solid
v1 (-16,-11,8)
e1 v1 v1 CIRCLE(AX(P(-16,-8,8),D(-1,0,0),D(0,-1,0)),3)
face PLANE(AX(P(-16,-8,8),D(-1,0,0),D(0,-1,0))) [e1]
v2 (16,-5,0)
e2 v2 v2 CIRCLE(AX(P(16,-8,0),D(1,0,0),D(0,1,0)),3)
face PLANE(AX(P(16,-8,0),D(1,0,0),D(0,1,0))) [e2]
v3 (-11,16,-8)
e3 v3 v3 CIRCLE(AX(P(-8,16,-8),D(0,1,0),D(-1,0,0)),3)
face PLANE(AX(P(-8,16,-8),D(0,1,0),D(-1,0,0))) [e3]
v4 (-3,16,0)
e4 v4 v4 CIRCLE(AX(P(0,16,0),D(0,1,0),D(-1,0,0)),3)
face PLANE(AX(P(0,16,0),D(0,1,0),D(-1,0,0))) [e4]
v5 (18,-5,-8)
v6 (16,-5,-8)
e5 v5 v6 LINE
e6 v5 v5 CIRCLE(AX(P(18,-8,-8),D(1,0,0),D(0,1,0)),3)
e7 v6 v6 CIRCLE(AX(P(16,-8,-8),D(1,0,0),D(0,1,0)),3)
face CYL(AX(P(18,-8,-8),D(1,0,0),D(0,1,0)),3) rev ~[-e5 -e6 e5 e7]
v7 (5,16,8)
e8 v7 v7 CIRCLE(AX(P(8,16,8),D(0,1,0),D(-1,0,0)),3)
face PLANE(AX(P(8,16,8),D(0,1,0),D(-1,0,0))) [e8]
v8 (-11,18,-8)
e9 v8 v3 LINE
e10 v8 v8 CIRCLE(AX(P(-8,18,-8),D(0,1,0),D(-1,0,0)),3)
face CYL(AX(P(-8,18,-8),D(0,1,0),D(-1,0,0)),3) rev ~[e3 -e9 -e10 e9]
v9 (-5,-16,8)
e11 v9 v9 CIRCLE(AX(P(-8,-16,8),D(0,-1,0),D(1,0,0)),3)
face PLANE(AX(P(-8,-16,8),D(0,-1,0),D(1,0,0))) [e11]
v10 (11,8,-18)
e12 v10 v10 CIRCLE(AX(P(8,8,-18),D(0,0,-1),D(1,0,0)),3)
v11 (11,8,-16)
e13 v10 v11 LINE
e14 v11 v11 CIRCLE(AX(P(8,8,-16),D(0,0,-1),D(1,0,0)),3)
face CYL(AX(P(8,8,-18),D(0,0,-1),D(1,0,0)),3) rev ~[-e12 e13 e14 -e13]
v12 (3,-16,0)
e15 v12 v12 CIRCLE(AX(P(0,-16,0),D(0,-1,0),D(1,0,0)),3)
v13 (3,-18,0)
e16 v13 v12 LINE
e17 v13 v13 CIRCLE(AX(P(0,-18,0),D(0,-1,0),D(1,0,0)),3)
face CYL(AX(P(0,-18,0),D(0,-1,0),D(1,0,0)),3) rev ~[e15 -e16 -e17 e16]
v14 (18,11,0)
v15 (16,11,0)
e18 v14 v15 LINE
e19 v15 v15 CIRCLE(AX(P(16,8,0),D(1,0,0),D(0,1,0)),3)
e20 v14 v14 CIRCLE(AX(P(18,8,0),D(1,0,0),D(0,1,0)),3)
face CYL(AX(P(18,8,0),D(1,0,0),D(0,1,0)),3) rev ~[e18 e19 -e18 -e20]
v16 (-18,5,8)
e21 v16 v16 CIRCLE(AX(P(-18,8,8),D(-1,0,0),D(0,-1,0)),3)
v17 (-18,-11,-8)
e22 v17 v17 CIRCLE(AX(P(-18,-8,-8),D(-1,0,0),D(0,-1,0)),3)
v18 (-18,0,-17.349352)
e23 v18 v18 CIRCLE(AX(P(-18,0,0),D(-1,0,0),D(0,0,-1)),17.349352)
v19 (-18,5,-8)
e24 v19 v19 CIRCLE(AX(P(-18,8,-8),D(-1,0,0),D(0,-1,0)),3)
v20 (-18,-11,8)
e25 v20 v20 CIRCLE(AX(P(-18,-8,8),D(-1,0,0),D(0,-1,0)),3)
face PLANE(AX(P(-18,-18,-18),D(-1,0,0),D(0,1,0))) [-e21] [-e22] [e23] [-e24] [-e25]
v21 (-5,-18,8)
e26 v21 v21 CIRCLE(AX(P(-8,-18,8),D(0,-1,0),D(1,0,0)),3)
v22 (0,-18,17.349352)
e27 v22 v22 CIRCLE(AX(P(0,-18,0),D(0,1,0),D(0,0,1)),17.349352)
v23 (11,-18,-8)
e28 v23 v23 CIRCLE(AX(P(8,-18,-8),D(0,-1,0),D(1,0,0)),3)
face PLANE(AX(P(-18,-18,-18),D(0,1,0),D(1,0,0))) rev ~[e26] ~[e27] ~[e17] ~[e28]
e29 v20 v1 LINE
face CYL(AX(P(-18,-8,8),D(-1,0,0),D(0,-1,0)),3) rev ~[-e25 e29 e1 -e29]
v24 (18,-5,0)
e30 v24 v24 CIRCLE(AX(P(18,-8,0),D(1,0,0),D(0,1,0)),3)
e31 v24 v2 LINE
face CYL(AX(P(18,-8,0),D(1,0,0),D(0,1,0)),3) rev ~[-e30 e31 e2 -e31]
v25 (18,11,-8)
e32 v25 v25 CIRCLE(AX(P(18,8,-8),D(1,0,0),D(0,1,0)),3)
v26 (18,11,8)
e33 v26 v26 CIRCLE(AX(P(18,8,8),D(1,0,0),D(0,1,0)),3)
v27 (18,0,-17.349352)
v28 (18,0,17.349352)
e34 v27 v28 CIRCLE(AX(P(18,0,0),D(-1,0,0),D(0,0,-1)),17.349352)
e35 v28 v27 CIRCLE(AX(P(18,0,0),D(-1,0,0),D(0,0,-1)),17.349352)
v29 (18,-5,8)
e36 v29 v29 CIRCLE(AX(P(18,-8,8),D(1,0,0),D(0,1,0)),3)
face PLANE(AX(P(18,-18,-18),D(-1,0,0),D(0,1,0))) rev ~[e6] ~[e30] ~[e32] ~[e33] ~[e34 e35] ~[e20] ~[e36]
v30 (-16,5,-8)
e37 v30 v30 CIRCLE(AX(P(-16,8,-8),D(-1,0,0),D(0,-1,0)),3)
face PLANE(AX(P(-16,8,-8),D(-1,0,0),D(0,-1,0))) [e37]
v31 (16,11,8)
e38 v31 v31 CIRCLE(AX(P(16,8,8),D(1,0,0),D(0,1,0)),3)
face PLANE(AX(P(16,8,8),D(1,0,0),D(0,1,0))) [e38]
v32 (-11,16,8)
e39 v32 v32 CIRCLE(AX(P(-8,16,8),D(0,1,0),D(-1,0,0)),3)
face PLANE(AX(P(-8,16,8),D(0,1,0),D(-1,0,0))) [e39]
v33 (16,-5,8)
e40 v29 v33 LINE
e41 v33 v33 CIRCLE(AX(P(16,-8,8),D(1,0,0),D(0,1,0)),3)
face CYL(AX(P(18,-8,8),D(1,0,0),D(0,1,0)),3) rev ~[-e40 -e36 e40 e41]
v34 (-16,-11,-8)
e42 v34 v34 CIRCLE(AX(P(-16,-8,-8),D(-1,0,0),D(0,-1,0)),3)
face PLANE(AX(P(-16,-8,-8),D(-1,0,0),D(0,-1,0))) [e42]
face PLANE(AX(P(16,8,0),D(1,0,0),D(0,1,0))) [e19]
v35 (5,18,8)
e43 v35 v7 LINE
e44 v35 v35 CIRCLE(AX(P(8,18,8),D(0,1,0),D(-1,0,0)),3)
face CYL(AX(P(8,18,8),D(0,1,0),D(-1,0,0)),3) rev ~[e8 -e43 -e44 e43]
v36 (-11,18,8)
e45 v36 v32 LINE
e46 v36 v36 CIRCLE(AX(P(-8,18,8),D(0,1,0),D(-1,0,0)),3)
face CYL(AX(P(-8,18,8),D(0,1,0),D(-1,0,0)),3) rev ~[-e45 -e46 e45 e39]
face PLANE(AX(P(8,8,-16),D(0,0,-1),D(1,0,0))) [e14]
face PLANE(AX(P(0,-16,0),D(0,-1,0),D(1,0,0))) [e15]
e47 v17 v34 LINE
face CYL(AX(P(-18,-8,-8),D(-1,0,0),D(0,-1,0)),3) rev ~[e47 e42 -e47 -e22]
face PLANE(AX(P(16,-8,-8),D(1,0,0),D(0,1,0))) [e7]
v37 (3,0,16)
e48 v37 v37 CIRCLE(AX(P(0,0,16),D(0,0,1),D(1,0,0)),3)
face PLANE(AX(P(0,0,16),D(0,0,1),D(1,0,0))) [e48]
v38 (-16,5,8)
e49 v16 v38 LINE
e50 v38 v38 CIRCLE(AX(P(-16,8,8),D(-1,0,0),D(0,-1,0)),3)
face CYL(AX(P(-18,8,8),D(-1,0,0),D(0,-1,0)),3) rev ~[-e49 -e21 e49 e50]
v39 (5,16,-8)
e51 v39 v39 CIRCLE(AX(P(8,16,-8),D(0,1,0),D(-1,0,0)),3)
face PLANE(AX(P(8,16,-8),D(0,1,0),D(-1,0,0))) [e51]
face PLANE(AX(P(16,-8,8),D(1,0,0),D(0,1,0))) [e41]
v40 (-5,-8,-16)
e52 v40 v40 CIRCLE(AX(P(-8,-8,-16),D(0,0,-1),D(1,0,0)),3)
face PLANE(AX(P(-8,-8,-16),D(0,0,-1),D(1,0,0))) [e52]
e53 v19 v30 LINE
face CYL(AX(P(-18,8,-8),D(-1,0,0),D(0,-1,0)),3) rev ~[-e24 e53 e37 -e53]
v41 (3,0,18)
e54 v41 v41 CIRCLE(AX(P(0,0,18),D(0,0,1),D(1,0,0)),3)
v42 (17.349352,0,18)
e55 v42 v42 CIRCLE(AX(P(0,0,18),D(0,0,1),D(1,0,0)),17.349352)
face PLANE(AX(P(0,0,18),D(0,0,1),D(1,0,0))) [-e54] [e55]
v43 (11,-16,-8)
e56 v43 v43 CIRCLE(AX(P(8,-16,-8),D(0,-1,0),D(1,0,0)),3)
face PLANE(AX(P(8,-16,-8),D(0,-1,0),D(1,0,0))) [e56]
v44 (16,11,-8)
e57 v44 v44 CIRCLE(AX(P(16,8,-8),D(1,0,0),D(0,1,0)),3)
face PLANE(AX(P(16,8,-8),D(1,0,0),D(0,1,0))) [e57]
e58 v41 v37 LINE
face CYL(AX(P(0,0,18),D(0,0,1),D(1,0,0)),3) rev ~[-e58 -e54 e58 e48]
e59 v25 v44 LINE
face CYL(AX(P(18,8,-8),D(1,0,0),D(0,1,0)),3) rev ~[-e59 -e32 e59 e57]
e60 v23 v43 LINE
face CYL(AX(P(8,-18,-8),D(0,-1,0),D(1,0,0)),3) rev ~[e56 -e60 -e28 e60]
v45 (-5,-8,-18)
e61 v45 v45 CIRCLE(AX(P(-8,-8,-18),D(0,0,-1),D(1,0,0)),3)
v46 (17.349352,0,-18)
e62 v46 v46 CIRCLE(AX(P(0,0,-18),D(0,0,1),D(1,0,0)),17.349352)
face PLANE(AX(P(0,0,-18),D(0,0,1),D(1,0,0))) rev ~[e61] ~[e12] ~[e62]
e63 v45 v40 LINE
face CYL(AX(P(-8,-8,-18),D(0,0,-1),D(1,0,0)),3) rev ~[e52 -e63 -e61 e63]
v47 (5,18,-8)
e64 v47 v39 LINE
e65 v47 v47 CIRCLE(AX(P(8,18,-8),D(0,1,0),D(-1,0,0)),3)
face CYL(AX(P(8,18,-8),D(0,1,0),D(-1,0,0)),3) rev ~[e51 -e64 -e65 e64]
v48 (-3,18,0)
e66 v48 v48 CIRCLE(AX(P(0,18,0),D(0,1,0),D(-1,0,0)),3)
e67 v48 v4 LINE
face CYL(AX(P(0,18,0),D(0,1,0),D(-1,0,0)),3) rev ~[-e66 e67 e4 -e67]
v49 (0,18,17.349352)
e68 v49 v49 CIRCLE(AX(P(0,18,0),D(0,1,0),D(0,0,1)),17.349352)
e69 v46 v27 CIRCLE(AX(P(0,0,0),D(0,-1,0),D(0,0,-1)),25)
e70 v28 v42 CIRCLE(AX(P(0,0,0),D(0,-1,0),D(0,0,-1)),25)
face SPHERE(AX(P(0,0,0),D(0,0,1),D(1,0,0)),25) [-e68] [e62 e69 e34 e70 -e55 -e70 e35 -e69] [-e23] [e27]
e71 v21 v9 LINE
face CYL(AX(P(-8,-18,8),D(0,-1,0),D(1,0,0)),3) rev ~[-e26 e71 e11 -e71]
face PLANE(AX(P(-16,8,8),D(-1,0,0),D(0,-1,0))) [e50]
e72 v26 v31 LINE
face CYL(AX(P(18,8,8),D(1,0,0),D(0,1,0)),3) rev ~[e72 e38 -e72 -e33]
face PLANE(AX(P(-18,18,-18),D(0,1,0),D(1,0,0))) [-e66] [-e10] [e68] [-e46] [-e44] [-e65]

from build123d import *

# Parameters (mm, degrees)
BOX_W           = 36
BOX_H           = 36
BOX_DEPTH       = 36
SKETCH_R        = 3
POCKET_DEPTH    = 2
SKETCH001_R     = 3
POCKET001_DEPTH = 2
SKETCH002_R     = 3
POCKET002_DEPTH = 2
SKETCH003_R     = 3
POCKET003_DEPTH = 2
SKETCH004_R     = 3
POCKET004_DEPTH = 2
SKETCH005_R     = 3
POCKET005_DEPTH = 2


with BuildPart() as sphere:
    # Sphere → Sphere (revolve)
    with BuildSketch(Plane.XZ):
        with BuildLine():
            ThreePointArc((0, -25), (25, 0), (0, 25))
            Line((0, 25), (0, -25))
        make_face()
    revolve(axis=Axis((0, 0, 0), (0, 0, 1)))


with BuildPart() as f_1_furo:
    # Box → Box (new body)
    with BuildSketch(Plane(origin=(-18, -18, -18), x_dir=(1, 0, 0), z_dir=(0, 0, 1))):
        with Locations((18, 18)):
            Rectangle(BOX_W, BOX_H)
    extrude(amount=BOX_DEPTH)

    # Common: intersect Sphere
    add(sphere.part, mode=Mode.INTERSECT)

    # Sketch → Pocket (cut)
    with BuildSketch(Plane.YZ.offset(18)):
        with Locations((-8, 8)):
            Circle(SKETCH_R)
        with Locations((-8, -8)):
            Circle(SKETCH_R)
        with Locations((8, 8)):
            Circle(SKETCH_R)
        with Locations((8, -8)):
            Circle(SKETCH_R)
        with Locations((-8, 0)):
            Circle(SKETCH_R)
        with Locations((8, 0)):
            Circle(SKETCH_R)
    extrude(amount=-POCKET_DEPTH, mode=Mode.SUBTRACT)

    # Sketch001 → Pocket001 (cut)
    with BuildSketch(Plane(origin=(0, 18, 0), x_dir=(-1, 0, 0), z_dir=(0, 1, 0))):
        with Locations((8, 8)):
            Circle(SKETCH001_R)
        with Locations((-8, 8)):
            Circle(SKETCH001_R)
        with Locations((-8, -8)):
            Circle(SKETCH001_R)
        with Locations((8, -8)):
            Circle(SKETCH001_R)
        Circle(SKETCH001_R)
    extrude(amount=-POCKET001_DEPTH, mode=Mode.SUBTRACT)

    # Sketch002 → Pocket002 (cut)
    with BuildSketch(Plane(origin=(-18, 0, 0), x_dir=(0, -1, 0), z_dir=(-1, 0, 0))):
        with Locations((-8, 8)):
            Circle(SKETCH002_R)
        with Locations((8, 8)):
            Circle(SKETCH002_R)
        with Locations((8, -8)):
            Circle(SKETCH002_R)
        with Locations((-8, -8)):
            Circle(SKETCH002_R)
    extrude(amount=-POCKET002_DEPTH, mode=Mode.SUBTRACT)

    # Sketch003 → Pocket003 (cut)
    with BuildSketch(Plane.XZ.offset(18)):
        with Locations((-8, 8)):
            Circle(SKETCH003_R)
        Circle(SKETCH003_R)
        with Locations((8, -8)):
            Circle(SKETCH003_R)
    extrude(amount=-POCKET003_DEPTH, mode=Mode.SUBTRACT)

    # Sketch004 → Pocket004 (cut)
    with BuildSketch(Plane(origin=(0, 0, -18), x_dir=(1, 0, 0), z_dir=(0, 0, -1))):
        with Locations((-8, 8)):
            Circle(SKETCH004_R)
        with Locations((8, -8)):
            Circle(SKETCH004_R)
    extrude(amount=-POCKET004_DEPTH, mode=Mode.SUBTRACT)

    # Sketch005 → Pocket005 (cut)
    with BuildSketch(Plane.XY.offset(18)):
        Circle(SKETCH005_R)
    extrude(amount=-POCKET005_DEPTH, mode=Mode.SUBTRACT)


solid = f_1_furo.part
